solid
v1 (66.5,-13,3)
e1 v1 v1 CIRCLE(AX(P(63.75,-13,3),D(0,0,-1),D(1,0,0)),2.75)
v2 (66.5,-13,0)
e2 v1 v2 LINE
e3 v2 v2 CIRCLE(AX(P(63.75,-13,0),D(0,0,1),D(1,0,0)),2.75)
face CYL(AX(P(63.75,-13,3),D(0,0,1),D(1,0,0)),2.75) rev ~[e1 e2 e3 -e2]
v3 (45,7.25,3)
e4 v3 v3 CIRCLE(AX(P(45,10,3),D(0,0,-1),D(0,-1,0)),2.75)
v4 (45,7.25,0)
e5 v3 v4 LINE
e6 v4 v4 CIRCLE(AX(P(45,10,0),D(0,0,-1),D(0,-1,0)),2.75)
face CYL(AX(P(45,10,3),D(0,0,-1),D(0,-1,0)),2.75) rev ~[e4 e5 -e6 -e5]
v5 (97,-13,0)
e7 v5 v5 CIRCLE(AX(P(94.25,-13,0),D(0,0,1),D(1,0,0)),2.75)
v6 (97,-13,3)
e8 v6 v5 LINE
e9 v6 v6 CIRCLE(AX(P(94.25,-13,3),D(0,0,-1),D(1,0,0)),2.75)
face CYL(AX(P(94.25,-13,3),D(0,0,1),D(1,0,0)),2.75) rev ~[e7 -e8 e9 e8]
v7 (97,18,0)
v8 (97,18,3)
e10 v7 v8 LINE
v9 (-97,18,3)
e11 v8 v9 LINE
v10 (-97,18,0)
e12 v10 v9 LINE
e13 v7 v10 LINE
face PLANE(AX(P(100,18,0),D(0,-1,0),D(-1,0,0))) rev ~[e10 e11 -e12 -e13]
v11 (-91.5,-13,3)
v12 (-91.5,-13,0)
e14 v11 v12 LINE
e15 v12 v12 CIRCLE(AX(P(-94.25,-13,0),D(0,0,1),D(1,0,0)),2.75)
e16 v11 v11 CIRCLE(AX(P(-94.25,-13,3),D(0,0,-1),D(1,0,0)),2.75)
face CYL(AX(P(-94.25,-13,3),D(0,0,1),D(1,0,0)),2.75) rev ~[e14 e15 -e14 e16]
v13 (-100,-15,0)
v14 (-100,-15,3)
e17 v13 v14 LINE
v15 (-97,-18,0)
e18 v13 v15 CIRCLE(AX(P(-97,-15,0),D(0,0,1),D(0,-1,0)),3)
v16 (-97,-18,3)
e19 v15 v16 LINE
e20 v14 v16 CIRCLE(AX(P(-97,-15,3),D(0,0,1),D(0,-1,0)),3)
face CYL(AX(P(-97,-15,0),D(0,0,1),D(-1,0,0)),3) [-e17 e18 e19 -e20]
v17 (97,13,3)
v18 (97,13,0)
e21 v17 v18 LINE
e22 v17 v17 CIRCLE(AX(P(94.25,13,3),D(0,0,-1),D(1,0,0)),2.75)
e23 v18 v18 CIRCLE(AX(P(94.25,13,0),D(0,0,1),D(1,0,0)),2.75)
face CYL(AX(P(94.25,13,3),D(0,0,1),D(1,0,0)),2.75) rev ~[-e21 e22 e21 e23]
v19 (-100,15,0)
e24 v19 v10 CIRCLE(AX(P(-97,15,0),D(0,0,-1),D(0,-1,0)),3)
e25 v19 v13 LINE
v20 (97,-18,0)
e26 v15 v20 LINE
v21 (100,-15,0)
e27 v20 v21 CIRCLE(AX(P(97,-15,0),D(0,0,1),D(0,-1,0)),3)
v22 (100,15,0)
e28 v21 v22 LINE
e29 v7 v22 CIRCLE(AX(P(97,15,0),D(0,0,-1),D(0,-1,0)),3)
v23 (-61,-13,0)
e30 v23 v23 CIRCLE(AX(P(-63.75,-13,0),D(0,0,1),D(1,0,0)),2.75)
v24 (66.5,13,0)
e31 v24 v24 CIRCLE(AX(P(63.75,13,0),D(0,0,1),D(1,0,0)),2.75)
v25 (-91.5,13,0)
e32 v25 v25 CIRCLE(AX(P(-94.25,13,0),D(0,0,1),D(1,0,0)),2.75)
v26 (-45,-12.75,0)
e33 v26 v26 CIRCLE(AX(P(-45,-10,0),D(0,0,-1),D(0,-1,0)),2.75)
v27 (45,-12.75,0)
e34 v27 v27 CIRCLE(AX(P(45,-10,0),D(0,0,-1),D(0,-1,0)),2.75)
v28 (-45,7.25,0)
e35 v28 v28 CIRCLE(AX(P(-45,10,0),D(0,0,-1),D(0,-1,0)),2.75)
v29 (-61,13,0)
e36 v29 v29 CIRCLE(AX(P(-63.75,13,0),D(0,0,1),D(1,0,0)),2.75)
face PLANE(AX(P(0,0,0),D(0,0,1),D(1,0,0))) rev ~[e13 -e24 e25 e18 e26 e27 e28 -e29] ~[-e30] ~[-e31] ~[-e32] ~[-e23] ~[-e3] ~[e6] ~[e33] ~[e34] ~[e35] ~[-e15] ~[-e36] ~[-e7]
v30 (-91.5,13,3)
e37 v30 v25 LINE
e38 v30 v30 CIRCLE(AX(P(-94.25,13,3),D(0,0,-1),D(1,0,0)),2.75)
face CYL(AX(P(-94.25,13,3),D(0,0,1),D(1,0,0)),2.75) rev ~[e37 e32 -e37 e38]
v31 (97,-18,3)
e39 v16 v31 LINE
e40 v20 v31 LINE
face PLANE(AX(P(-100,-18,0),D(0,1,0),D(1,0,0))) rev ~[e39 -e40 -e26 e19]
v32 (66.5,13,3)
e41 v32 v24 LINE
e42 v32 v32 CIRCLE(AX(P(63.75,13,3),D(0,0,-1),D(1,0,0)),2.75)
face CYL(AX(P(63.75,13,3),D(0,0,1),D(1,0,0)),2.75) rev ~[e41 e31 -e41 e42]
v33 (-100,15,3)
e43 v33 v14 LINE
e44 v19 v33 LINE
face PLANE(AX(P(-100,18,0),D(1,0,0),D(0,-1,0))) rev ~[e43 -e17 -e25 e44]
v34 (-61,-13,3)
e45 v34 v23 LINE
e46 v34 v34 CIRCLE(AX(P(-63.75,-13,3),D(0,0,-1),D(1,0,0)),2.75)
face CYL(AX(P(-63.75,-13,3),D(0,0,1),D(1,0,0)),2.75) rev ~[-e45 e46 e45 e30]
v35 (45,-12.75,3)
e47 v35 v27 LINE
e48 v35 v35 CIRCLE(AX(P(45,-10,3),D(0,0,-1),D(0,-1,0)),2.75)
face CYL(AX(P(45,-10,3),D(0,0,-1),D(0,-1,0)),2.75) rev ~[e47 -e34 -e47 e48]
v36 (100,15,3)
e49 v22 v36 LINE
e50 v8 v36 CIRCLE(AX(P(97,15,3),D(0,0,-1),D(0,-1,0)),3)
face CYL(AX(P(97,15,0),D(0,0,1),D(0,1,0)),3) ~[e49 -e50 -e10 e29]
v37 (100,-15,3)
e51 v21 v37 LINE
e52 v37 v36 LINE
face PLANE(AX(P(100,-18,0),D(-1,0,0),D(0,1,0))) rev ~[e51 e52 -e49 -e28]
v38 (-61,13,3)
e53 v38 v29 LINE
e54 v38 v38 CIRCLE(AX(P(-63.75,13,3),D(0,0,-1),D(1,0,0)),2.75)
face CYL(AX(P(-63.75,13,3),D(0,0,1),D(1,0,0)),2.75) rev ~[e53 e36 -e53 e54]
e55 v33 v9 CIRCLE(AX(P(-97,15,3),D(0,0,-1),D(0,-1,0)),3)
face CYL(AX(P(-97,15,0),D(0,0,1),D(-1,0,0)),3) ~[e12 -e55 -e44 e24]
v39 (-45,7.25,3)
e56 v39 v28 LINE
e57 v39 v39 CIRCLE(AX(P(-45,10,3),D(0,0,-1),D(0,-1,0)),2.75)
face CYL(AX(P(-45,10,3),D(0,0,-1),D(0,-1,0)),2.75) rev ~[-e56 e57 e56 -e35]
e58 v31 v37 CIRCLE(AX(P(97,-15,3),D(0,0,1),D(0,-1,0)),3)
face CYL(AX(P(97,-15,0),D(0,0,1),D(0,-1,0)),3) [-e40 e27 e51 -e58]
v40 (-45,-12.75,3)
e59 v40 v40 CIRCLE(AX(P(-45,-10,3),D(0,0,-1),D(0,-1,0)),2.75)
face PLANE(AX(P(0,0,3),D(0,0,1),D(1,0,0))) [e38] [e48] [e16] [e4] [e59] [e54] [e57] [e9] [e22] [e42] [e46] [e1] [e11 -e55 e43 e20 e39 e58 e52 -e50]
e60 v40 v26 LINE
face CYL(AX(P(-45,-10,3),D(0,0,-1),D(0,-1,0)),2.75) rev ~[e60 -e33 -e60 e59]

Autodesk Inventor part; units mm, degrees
ref_plane "YZ Plane" through (0, 0, 0) normal (1, 0, 0) x (0, 1, 0)
ref_plane "XZ Plane" through (0, 0, 0) normal (0, 1, 0) x (-1, 0, 0)
ref_plane "XY Plane" through (0, 0, 0) normal (0, 0, 1) x (1, 0, 0)
sketch "Sketch1" plane through (0, 0, 0) normal (0, 0, 1) x (1, 0, 0)
  line L0 (-100, -18) -> (100, -18)
  line L1 (100, -18) -> (100, 18)
  line L2 (100, 18) -> (-100, 18)
  line L3 (-100, 18) -> (-100, -18)
  line L4 (-100, -18) -> (100, 18) construction
  line L5 (100, -18) -> (-100, 18) construction
  point P0 (0, 0)
  dimension "d0" = 200
  dimension "d1" = 36
extrude "Extrusion1" add sketch "Sketch1" along normal blind 3
sketch "Sketch2" plane through (0, 0, 3) normal (0, 0, 1) x (1, 0, 0)
  line L0 (-94.25, -13) -> (-63.75, -13)
  line L1 (-63.75, -13) -> (-63.75, 13)
  line L2 (-63.75, 13) -> (-94.25, 13)
  line L3 (-94.25, 13) -> (-94.25, -13)
  line L4 (-94.25, -13) -> (-63.75, 13) construction
  line L5 (-63.75, -13) -> (-94.25, 13) construction
  line L6 (100, 18) -> (-100, 18) projected
  line L7 (-100, -18) -> (-58, -18)
  line L8 (-58, -18) -> (-58, 18)
  line L9 (-58, 18) -> (-100, 18)
  line L10 (-100, 18) -> (-100, -18)
  line L11 (-100, -18) -> (-58, 18) construction
  line L12 (-58, -18) -> (-100, 18) construction
  line L13 (-100, 18) -> (-100, -18) projected
  circle A0 centre (-94.25, 13) radius 2.75
  circle A1 centre (-63.75, 13) radius 2.75
  circle A2 centre (-94.25, -13) radius 2.75
  circle A3 centre (-63.75, -13) radius 2.75
  line L14 (63.75, -13) -> (94.25, -13)
  line L15 (94.25, -13) -> (94.25, 13)
  line L16 (94.25, 13) -> (63.75, 13)
  line L17 (63.75, 13) -> (63.75, -13)
  line L18 (63.75, -13) -> (94.25, 13) construction
  line L19 (94.25, -13) -> (63.75, 13) construction
  line L20 (58, -18) -> (100, -18)
  line L21 (100, -18) -> (100, 18)
  line L22 (100, 18) -> (58, 18)
  line L23 (58, 18) -> (58, -18)
  line L24 (58, -18) -> (100, 18) construction
  line L25 (100, -18) -> (58, 18) construction
  circle A4 centre (63.75, 13) radius 2.75
  circle A5 centre (94.25, 13) radius 2.75
  circle A6 centre (63.75, -13) radius 2.75
  circle A7 centre (94.25, -13) radius 2.75
  line L26 (100, -18) -> (100, 18) projected
  point P0 (0, 0)
  point P1 (-79, 0)
  point P2 (-79, 0)
  point P3 (79, 0)
  point P4 (79, 0)
  dimension "d4" = 30.5
  dimension "d5" = 26
  dimension "d6" = 42
  dimension "d7" = 0
  dimension "d8" = 0
  dimension "d9" = 5.5
  dimension "d10" = 5.5
  dimension "d11" = 5.5
  dimension "d12" = 5.5
  dimension "d13" = 30.5
  dimension "d14" = 26
  dimension "d15" = 42
  dimension "d16" = 0
  dimension "d17" = 5.5
  dimension "d18" = 5.5
  dimension "d19" = 5.5
  dimension "d20" = 5.5
  dimension "d21" = 0
  dimension "d22" = 36
extrude "Extrusion2" cut sketch "Sketch2" against normal blind 3 contours L3 A2 L0 | L0 A2 L3 | A3 L1 L0 | L0 L1 A3 | A0 L2 L3 | L3 L2 A0 | A1 L2 L1 | L1 L2 A1 | L17 A6 L14 | L14 A6 L17 | A7 L15 L14 | L14 L15 A7 | A4 L16 L17 | L17 L16 A4 | A5 L16 L15 | L15 L16 A5
fillet "Fillet1" radius 3 4 edges at (100, 18, 1.5) (100, -18, 1.5) (-100, -18, 1.5) (-100, 18, 1.5)
sketch "Sketch3" plane through (0, 0, 3) normal (0, 0, 1) x (1, 0, 0)
  line L0 (-45, -10) -> (45, -10)
  line L1 (45, -10) -> (45, 10)
  line L2 (45, 10) -> (-45, 10)
  line L3 (-45, 10) -> (-45, -10)
  line L4 (-45, -10) -> (45, 10) construction
  line L5 (45, -10) -> (-45, 10) construction
  point P0 (0, 0)
  dimension "d26" = 90
  dimension "d27" = 20
hole "Hole1" at (-45, 10, 3) at (45, 10, 3) at (45, -10, 3) at (-45, -10, 3) direction (0, 0, -1) diameter 5.5 end through all
properties part number "de ga con truot"
